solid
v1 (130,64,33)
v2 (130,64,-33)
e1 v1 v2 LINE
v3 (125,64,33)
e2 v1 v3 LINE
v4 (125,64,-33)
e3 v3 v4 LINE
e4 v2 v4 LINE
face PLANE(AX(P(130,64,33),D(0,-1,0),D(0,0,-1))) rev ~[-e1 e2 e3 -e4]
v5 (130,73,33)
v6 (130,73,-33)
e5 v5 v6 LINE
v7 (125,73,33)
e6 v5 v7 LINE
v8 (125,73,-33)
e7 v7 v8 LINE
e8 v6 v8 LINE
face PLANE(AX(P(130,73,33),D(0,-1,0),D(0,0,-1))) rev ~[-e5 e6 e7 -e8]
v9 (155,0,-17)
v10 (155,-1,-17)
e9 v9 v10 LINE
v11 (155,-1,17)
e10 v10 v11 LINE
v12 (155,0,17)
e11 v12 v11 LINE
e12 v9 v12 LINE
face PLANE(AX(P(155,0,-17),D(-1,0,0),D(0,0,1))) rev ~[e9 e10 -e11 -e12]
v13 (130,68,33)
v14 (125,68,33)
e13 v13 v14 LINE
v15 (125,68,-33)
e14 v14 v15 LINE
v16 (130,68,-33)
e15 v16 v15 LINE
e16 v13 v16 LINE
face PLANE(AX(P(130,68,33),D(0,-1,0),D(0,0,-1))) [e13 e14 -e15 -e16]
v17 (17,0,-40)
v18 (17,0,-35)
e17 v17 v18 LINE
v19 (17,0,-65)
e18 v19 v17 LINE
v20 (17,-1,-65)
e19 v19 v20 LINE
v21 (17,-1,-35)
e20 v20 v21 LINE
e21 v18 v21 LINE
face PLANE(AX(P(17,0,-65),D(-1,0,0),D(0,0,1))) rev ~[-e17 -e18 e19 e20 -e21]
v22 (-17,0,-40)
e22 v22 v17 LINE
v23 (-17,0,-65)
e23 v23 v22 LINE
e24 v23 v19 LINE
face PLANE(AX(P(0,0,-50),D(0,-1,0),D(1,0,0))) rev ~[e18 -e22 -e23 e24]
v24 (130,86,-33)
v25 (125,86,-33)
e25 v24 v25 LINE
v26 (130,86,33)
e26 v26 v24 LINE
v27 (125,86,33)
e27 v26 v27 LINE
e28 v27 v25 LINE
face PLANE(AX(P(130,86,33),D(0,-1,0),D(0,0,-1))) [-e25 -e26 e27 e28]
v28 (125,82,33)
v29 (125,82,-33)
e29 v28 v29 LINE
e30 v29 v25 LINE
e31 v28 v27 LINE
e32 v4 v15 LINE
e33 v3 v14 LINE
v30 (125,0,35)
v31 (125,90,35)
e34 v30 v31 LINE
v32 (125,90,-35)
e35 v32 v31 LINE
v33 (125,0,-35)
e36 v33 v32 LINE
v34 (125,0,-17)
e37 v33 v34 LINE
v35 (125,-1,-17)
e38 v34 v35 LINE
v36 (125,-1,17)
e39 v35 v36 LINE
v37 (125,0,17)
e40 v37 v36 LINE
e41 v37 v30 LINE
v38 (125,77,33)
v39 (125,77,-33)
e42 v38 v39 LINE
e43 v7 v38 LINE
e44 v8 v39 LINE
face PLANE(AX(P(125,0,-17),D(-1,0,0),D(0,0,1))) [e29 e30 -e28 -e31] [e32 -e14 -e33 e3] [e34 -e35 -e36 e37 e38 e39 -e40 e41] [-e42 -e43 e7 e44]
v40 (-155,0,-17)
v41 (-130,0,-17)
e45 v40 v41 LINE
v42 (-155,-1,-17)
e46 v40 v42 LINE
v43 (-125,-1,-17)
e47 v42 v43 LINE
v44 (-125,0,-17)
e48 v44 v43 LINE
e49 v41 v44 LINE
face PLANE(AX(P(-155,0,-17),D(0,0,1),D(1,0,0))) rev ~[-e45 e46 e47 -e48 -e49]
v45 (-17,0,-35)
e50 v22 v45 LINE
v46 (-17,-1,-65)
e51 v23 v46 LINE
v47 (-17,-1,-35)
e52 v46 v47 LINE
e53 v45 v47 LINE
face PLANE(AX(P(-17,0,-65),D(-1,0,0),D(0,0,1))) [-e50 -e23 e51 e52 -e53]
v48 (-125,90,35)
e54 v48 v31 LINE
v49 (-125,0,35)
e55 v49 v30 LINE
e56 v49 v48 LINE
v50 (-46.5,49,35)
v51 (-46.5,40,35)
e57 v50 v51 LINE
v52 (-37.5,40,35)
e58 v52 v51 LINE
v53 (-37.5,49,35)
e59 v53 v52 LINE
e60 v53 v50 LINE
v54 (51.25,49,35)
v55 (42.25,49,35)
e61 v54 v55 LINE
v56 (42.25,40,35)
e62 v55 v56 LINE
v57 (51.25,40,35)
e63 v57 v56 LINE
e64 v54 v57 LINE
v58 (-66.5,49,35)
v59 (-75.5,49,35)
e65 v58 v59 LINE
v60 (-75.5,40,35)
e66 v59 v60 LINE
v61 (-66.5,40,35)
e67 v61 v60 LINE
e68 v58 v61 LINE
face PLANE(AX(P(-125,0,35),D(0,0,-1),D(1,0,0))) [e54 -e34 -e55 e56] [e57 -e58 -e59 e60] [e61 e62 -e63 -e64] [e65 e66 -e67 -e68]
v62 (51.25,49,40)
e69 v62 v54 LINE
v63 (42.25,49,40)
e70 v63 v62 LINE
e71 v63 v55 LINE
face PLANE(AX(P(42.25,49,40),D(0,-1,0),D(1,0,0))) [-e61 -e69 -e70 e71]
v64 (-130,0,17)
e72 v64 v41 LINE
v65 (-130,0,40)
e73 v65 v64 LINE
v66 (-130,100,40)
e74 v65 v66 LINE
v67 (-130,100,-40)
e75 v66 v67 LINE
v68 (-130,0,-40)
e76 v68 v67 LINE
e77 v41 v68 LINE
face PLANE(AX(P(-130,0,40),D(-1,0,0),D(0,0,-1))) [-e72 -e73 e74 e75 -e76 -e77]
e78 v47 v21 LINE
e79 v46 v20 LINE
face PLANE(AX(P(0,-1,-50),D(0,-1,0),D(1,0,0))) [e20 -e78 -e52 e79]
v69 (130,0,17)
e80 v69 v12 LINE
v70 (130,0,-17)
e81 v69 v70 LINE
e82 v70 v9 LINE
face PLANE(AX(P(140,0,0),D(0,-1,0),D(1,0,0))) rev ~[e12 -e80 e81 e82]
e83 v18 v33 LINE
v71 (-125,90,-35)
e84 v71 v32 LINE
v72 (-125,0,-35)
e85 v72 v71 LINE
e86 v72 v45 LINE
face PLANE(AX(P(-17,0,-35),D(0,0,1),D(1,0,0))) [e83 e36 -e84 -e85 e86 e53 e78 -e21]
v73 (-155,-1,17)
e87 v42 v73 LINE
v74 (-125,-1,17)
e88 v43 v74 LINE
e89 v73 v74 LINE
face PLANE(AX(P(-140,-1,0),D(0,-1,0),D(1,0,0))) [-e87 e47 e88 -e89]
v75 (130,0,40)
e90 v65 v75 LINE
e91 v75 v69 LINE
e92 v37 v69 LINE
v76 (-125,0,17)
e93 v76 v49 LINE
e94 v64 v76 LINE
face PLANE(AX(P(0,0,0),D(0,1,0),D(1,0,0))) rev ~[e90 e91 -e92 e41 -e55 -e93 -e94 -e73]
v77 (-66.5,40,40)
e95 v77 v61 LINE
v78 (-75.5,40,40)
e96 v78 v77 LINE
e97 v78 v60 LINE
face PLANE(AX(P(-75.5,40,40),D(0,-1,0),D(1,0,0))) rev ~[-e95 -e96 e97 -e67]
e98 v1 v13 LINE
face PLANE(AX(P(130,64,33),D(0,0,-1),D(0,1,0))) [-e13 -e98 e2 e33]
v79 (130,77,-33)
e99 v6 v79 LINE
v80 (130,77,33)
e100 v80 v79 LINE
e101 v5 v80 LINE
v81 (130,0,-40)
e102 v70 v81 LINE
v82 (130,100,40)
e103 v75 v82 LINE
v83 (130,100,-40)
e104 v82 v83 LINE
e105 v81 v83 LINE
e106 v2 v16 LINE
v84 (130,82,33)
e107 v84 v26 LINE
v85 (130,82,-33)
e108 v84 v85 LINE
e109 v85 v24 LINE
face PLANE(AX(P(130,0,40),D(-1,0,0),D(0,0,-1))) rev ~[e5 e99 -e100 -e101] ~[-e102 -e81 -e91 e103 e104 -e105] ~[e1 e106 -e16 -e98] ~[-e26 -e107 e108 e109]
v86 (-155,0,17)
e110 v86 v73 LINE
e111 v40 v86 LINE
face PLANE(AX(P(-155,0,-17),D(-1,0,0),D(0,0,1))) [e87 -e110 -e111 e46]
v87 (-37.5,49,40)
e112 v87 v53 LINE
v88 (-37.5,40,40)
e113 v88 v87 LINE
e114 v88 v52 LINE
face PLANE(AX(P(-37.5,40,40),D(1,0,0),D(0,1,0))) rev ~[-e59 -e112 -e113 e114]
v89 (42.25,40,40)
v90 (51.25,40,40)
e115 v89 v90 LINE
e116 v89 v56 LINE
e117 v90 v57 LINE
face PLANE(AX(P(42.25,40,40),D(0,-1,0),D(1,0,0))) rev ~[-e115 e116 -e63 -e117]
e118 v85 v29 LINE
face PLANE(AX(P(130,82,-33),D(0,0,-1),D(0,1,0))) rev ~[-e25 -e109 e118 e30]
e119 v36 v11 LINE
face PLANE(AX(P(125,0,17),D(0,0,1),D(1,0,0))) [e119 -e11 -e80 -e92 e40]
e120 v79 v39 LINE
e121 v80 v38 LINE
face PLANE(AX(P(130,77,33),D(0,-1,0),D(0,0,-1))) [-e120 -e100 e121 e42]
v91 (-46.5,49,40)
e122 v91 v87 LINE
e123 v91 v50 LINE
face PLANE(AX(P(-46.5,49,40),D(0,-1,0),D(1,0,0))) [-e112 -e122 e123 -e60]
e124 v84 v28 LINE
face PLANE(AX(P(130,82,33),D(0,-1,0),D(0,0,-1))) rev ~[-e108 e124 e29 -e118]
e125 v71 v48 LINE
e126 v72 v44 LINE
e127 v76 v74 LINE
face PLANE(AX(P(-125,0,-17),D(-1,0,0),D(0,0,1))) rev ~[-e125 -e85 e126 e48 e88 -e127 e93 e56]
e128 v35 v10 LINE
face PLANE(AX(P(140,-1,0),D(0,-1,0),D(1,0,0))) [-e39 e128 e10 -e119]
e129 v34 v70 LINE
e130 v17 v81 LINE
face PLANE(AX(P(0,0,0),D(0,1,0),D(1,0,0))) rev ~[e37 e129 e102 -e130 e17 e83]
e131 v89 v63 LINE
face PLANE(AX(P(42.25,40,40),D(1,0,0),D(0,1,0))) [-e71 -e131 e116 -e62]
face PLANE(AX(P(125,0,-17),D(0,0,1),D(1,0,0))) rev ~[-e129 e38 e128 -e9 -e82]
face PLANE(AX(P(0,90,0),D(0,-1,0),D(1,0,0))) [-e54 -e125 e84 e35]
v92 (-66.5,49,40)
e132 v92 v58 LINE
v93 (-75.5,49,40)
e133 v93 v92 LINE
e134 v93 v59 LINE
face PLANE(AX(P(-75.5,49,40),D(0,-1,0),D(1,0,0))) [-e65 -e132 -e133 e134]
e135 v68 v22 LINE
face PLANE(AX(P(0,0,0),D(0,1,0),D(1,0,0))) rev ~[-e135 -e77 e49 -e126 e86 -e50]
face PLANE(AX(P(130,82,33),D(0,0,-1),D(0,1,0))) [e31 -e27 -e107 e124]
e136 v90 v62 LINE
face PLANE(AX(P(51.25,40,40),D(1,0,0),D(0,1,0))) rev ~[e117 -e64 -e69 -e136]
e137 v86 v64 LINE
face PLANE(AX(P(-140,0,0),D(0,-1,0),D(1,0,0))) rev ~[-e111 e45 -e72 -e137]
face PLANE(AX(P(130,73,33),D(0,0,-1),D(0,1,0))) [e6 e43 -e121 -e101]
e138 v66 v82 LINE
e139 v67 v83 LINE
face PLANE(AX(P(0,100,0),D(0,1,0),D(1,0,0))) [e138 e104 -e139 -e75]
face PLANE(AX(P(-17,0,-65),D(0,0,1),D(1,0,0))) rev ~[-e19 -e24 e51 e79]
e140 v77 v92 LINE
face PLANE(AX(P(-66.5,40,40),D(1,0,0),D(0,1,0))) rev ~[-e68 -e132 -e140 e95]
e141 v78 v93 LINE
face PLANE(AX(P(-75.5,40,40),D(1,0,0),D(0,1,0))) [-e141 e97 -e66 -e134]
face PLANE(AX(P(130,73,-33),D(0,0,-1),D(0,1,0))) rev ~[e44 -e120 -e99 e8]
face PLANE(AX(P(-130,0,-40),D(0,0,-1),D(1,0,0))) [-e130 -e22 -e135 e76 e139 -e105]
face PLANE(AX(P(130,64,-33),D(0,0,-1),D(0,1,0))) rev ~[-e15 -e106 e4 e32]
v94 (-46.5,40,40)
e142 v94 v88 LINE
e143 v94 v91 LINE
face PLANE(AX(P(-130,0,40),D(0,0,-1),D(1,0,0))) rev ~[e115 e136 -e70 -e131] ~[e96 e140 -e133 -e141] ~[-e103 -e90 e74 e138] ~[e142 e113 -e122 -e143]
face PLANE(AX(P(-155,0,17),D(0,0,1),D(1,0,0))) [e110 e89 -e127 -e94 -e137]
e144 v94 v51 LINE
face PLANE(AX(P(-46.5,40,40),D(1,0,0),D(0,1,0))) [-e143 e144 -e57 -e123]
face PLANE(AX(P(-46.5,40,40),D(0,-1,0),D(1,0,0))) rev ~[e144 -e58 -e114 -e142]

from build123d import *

# Parameters (mm, degrees)
SKETCH1_W                 = 260
SKETCH1_H                 = 80
BOSS_EXTRUDE1_DEPTH       = 100
SKETCH2_W                 = 250
SKETCH2_H                 = 70.000000188
INSIDE_DEPTH              = 90
SKETCH8_W                 = 9
SKETCH8_H                 = 9
WIRE_HOLES_DEPTH          = 23
SKETCH12_W                = 66
SKETCH12_H                = 4
VENTALATION_DEPTH         = 15
SKETCH14_W                = 66
SKETCH14_H                = 4
VENTALATION_2_DEPTH       = 10
SKETCH16_W                = 66
SKETCH16_H                = 4
VENTALATION_3_DEPTH       = 10
SKETCH20_W                = 34
SKETCH20_H                = 30
COMMAND_STRIP_FRONT_DEPTH = 1
SKETCH21_W                = 30
SKETCH21_H                = 34.000000188
COMMAND_STRIP_RIGHT_DEPTH = 1
SKETCH22_W                = 30
SKETCH22_H                = 34.000000188
BOSS_EXTRUDE4_DEPTH       = 1


with BuildPart() as part:
    # Sketch1 → Boss-Extrude1 (new body)
    with BuildSketch(Plane(origin=(0, 0, 0), x_dir=(1, 0, 0), z_dir=(0, 1, 0))):
        Rectangle(SKETCH1_W, SKETCH1_H)
    extrude(amount=BOSS_EXTRUDE1_DEPTH)

    # Sketch2 → inside (cut)
    with BuildSketch(Plane.XZ):
        Rectangle(SKETCH2_W, SKETCH2_H)
    extrude(amount=-INSIDE_DEPTH, mode=Mode.SUBTRACT)

    # Sketch8 → Wire holes (cut)
    with BuildSketch(Plane.XY.offset(40)):
        with Locations((-71, 44.5)):
            Rectangle(SKETCH8_W, SKETCH8_H)
        with Locations((-42, 44.5)):
            Rectangle(SKETCH8_W, SKETCH8_H)
        with Locations((46.75, 44.5)):
            Rectangle(SKETCH8_W, SKETCH8_H)
    extrude(amount=-WIRE_HOLES_DEPTH, mode=Mode.SUBTRACT)

    # Sketch12 → Ventalation (cut)
    with BuildSketch(Plane(origin=(130, 0, 0), x_dir=(0, 0, -1), z_dir=(1, 0, 0))):
        with Locations((0, 84)):
            Rectangle(SKETCH12_W, SKETCH12_H)
    extrude(amount=-VENTALATION_DEPTH, mode=Mode.SUBTRACT)

    # Sketch14 → Ventalation 2 (cut)
    with BuildSketch(Plane(origin=(130, 0, 0), x_dir=(0, 0, -1), z_dir=(1, 0, 0))):
        with Locations((0, 75)):
            Rectangle(SKETCH14_W, SKETCH14_H)
    extrude(amount=-VENTALATION_2_DEPTH, mode=Mode.SUBTRACT)

    # Sketch16 → Ventalation 3 (cut)
    with BuildSketch(Plane(origin=(130, 0, 0), x_dir=(0, 0, -1), z_dir=(1, 0, 0))):
        with Locations((0, 66)):
            Rectangle(SKETCH16_W, SKETCH16_H)
    extrude(amount=-VENTALATION_3_DEPTH, mode=Mode.SUBTRACT)

    # Sketch20 → Command Strip front (add)
    with BuildSketch(Plane.XZ):
        with Locations((0, -50.000000094)):
            Rectangle(SKETCH20_W, SKETCH20_H)
    extrude(amount=COMMAND_STRIP_FRONT_DEPTH)

    # Sketch21 → Command strip right (add)
    with BuildSketch(Plane.XZ):
        with Locations((-140, 0)):
            Rectangle(SKETCH21_W, SKETCH21_H)
    extrude(amount=COMMAND_STRIP_RIGHT_DEPTH)

    # Sketch22 → Boss-Extrude4 (add)
    with BuildSketch(Plane.XZ):
        with Locations((140, 0)):
            Rectangle(SKETCH22_W, SKETCH22_H)
    extrude(amount=BOSS_EXTRUDE4_DEPTH)


solid = part.part
